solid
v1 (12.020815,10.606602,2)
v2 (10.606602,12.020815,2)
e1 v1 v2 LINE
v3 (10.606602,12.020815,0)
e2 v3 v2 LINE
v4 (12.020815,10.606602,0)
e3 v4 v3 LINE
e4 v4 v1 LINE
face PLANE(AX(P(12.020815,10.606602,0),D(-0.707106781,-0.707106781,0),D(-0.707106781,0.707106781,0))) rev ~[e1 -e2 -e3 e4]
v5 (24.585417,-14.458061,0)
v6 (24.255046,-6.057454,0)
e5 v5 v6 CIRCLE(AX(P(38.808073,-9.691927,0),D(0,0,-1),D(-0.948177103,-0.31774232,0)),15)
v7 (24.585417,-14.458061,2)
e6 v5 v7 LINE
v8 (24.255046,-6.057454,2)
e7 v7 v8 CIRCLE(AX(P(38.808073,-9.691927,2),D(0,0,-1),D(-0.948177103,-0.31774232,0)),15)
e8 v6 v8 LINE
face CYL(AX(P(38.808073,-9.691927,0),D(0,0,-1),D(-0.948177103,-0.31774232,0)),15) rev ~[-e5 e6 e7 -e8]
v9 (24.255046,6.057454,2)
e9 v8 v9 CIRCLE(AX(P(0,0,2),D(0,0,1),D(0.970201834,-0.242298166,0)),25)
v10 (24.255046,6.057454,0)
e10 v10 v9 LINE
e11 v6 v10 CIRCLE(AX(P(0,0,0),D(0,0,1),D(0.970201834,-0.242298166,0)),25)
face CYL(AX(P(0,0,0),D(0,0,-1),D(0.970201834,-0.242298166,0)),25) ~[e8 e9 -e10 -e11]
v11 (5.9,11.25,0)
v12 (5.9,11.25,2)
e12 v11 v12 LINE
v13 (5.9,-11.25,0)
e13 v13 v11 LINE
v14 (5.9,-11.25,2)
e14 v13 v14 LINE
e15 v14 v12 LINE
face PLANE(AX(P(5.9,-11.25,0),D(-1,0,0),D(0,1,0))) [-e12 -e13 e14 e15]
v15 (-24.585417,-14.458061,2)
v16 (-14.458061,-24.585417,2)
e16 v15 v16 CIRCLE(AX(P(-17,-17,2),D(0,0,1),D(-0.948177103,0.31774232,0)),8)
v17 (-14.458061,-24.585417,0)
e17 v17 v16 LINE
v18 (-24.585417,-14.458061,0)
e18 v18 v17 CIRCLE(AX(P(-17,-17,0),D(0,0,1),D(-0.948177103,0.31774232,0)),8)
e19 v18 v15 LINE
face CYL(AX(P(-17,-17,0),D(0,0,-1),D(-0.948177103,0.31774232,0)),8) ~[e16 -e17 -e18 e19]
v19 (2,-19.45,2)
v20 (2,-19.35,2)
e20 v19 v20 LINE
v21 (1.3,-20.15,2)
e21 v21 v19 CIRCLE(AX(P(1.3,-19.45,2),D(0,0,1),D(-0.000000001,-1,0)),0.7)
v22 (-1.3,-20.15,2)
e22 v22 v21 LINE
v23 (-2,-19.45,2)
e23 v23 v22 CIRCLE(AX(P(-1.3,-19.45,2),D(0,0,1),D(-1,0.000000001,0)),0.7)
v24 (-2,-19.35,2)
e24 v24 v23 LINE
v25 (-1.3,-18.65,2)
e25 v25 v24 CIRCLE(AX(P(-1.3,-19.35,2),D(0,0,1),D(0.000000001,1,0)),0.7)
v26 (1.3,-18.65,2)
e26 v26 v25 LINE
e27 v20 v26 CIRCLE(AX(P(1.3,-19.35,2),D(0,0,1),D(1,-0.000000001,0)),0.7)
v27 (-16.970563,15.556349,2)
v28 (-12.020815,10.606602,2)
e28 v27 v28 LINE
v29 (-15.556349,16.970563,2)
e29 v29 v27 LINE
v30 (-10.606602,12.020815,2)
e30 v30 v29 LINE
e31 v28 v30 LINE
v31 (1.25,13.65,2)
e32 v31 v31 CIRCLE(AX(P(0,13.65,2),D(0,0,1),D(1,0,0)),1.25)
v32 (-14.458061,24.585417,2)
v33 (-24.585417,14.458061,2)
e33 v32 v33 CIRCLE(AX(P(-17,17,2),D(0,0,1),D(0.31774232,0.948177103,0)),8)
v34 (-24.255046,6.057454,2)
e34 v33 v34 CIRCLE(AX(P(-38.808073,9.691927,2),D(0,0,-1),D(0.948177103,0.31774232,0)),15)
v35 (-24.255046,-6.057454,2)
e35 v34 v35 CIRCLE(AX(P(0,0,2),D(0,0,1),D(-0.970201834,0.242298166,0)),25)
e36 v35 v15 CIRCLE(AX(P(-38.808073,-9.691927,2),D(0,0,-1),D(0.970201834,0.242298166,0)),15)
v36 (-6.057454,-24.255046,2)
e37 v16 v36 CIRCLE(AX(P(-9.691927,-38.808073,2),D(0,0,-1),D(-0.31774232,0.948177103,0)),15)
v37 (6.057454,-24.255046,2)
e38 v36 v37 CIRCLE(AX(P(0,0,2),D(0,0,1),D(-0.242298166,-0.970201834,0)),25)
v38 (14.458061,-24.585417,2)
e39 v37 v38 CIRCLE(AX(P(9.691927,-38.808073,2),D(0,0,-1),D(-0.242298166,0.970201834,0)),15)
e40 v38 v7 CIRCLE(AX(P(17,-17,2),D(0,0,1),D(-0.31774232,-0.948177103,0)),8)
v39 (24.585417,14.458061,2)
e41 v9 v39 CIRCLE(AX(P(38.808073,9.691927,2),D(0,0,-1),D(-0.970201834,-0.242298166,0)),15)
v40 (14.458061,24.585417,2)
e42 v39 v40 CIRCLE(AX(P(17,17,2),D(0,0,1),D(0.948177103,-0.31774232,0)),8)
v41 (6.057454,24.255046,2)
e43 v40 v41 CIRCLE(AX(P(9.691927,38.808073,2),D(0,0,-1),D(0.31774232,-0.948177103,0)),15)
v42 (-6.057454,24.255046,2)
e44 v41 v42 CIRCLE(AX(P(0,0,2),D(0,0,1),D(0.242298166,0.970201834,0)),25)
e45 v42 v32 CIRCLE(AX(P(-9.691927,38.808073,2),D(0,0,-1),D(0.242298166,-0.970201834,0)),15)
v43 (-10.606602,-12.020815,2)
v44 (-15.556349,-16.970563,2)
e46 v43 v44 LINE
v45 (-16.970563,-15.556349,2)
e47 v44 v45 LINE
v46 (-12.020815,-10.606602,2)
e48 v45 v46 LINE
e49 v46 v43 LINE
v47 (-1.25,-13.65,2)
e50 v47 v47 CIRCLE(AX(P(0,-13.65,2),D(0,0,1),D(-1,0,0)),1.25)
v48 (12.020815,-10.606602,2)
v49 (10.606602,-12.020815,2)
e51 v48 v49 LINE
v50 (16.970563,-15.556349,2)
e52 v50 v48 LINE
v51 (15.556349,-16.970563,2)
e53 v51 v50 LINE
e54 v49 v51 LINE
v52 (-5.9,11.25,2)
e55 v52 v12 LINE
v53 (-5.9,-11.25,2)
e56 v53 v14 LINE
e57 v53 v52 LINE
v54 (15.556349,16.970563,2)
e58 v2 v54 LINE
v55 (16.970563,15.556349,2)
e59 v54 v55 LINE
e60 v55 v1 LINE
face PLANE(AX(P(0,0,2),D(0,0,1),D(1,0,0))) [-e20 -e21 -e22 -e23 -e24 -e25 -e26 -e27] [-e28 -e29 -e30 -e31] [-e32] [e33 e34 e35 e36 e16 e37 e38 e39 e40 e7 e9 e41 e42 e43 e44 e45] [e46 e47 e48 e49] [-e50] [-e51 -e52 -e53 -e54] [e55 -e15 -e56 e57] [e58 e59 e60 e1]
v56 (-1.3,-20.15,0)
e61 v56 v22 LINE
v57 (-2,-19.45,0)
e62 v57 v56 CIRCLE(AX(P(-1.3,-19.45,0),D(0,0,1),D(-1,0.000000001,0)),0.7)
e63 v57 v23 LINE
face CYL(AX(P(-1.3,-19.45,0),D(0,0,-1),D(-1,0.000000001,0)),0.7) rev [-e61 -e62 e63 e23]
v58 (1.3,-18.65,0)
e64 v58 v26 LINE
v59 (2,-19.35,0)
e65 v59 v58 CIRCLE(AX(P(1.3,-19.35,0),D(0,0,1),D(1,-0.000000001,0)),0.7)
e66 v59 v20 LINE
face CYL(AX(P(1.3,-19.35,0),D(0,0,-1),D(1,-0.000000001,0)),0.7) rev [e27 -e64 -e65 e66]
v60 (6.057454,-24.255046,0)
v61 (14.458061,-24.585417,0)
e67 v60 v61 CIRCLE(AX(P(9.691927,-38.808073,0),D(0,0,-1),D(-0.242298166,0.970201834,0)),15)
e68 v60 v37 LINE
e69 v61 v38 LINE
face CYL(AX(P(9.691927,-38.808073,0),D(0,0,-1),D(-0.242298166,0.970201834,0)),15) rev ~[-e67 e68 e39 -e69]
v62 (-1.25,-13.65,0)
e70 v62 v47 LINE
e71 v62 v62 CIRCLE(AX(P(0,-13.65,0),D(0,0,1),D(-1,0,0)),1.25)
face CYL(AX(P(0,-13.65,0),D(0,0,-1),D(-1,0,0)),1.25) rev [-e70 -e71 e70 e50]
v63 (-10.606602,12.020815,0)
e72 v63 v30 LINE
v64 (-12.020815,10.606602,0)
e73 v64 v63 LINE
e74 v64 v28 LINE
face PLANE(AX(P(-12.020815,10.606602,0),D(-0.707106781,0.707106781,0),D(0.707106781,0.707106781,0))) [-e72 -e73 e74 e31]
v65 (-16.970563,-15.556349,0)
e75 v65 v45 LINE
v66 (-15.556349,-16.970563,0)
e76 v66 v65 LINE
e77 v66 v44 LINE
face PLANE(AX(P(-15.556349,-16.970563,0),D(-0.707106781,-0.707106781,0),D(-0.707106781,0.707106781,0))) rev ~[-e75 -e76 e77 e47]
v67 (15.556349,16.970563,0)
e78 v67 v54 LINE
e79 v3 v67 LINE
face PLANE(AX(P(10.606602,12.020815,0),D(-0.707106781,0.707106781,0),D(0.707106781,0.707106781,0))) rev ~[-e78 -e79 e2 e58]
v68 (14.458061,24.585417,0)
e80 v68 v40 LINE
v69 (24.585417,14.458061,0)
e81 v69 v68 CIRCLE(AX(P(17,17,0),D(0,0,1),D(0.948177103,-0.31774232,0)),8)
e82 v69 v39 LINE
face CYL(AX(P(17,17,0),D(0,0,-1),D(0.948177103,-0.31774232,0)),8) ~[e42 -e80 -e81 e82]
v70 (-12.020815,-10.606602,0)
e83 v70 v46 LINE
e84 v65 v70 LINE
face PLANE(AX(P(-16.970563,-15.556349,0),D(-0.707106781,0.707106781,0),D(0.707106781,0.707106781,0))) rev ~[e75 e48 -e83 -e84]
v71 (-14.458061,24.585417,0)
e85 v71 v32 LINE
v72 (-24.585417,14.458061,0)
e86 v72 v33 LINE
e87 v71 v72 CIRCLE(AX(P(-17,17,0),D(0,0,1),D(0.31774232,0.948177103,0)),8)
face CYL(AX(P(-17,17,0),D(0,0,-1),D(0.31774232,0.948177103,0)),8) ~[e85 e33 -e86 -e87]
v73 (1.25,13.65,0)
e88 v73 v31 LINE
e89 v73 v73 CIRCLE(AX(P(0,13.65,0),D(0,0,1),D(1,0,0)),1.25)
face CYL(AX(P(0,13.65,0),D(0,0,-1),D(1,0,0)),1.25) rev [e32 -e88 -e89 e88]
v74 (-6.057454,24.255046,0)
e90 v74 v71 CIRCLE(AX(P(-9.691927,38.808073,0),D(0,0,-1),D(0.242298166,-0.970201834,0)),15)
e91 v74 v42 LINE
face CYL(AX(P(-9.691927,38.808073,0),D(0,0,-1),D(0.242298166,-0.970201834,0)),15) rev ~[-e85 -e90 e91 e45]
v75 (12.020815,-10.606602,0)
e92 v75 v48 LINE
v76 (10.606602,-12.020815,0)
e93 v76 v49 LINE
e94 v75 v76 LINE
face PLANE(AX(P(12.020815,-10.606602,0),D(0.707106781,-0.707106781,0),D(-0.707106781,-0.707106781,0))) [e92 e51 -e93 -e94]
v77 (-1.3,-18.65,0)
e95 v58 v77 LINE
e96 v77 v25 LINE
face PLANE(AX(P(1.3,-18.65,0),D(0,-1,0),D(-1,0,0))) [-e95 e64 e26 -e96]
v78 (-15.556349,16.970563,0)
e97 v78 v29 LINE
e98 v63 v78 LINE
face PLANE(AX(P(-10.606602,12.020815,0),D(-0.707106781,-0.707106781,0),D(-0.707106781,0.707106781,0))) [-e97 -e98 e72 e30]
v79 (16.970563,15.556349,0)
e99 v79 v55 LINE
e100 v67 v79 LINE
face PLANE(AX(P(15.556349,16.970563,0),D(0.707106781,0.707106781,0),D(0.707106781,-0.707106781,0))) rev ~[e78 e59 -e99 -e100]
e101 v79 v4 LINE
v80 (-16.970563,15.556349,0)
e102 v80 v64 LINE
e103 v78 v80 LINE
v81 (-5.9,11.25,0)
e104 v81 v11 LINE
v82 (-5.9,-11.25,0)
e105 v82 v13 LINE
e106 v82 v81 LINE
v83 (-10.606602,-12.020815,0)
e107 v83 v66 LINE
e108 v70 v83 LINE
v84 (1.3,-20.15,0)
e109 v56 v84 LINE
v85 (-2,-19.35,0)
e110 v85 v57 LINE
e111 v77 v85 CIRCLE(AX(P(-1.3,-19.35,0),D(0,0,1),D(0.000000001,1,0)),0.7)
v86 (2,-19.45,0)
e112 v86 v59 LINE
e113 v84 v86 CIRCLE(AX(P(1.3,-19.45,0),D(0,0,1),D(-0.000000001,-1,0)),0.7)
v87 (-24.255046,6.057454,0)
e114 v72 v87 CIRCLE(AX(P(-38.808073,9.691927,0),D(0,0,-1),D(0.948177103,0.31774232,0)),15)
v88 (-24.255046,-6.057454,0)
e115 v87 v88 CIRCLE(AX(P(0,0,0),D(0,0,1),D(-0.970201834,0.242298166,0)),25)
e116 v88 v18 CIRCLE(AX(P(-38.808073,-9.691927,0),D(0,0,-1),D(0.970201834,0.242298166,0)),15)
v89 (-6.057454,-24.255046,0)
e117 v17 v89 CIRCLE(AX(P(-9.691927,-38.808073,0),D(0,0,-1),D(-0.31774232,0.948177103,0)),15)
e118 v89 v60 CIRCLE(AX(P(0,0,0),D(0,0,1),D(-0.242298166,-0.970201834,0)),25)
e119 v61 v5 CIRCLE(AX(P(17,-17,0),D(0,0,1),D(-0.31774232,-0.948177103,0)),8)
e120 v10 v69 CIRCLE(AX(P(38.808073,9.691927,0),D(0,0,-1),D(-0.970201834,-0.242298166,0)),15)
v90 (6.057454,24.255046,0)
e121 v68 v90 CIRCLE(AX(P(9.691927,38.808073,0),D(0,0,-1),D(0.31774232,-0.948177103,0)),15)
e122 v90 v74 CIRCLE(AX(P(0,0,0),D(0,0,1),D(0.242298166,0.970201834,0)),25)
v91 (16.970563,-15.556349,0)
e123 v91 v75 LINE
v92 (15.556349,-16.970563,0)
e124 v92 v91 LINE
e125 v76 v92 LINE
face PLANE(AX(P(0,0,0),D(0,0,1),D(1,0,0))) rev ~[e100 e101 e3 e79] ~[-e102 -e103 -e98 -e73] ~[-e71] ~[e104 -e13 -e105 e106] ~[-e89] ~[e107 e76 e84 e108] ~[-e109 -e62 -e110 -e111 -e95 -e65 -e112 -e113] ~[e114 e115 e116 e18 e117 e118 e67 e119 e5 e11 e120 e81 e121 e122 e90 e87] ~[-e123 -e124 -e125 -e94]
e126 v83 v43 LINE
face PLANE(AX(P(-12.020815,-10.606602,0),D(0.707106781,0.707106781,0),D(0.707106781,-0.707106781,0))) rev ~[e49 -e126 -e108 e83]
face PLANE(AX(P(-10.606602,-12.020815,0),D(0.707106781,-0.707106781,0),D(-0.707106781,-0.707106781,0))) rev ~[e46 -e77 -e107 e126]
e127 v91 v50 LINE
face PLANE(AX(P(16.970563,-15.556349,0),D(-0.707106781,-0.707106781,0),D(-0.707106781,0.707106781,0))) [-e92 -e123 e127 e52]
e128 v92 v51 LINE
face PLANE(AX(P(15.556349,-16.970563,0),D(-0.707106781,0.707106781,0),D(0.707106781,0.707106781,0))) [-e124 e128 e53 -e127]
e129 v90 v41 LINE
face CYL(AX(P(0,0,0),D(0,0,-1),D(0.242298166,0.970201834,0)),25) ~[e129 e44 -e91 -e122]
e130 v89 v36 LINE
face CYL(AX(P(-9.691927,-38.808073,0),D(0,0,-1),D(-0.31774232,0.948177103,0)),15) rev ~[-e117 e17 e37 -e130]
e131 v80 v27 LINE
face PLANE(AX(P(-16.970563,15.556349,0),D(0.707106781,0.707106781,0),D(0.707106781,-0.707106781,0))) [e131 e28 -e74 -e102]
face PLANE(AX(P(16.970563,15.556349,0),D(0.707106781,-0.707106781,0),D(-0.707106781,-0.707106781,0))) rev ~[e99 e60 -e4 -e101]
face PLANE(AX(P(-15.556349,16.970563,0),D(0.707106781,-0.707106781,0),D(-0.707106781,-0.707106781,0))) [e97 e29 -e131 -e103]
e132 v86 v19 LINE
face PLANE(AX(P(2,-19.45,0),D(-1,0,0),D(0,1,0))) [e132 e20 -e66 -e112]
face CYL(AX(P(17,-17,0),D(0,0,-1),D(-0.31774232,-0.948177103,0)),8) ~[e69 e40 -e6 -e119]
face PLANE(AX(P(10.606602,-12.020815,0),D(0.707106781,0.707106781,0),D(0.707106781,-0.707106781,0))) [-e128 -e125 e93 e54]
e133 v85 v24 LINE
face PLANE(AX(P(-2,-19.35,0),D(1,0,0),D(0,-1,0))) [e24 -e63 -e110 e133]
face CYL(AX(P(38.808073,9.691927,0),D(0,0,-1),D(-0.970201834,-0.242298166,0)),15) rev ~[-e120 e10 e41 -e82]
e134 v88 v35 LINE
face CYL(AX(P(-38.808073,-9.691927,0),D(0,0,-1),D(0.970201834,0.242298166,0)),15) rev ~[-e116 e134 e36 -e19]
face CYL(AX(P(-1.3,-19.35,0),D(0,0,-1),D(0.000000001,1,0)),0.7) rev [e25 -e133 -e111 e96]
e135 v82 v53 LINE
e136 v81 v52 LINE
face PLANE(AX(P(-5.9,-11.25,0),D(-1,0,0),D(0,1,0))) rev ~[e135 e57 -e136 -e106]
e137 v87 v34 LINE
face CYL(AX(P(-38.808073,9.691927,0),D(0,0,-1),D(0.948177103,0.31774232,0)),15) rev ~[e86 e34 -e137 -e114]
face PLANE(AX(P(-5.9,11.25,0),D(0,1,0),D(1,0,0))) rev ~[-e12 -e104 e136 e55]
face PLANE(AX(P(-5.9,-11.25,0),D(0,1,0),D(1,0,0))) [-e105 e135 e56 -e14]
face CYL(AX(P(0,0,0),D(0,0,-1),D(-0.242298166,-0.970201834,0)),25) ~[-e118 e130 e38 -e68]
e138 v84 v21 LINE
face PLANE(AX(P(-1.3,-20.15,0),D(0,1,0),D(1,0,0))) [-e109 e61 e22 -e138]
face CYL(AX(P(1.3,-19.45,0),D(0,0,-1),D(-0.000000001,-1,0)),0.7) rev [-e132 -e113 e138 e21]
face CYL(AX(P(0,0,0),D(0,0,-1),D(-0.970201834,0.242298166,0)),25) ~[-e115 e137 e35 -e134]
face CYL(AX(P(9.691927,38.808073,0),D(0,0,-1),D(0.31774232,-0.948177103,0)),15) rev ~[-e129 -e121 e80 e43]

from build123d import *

# Parameters (mm, degrees)
SKETCH1_R           = 1.25
SKETCH1_W           = 11.8
SKETCH1_H           = 22.5
BOSS_EXTRUDE1_DEPTH = 2


with BuildPart() as part:
    # Sketch1 → Boss-Extrude1 (new body)
    with BuildSketch(Plane.XY):
        with BuildLine():
            ThreePointArc((6.057454149, 24.255045851), (0, 25), (-6.057454149, 24.255045851))
            ThreePointArc((-6.057454149, 24.255045851), (-10.281376502, 23.819659541), (-14.458061439, 24.585416821))
            ThreePointArc((-14.458061439, 24.585416821), (-22.656854249, 22.656854249), (-24.585416821, 14.458061439))
            ThreePointArc((-24.585416821, 14.458061439), (-23.819659541, 10.281376502), (-24.255045851, 6.057454149))
            ThreePointArc((-24.255045851, 6.057454149), (-25, 0), (-24.255045851, -6.057454149))
            ThreePointArc((-24.255045851, -6.057454149), (-23.819659541, -10.281376502), (-24.585416821, -14.458061439))
            ThreePointArc((-24.585416821, -14.458061439), (-22.656854249, -22.656854249), (-14.458061439, -24.585416821))
            ThreePointArc((-14.458061439, -24.585416821), (-10.281376502, -23.819659541), (-6.057454149, -24.255045851))
            ThreePointArc((-6.057454149, -24.255045851), (0, -25), (6.057454149, -24.255045851))
            ThreePointArc((6.057454149, -24.255045851), (10.281376502, -23.819659541), (14.458061439, -24.585416821))
            ThreePointArc((14.458061439, -24.585416821), (22.656854249, -22.656854249), (24.585416821, -14.458061439))
            ThreePointArc((24.585416821, -14.458061439), (23.819659541, -10.281376502), (24.255045851, -6.057454149))
            ThreePointArc((24.255045851, -6.057454149), (25, 0), (24.255045851, 6.057454149))
            ThreePointArc((24.255045851, 6.057454149), (23.819659541, 10.281376502), (24.585416821, 14.458061439))
            ThreePointArc((24.585416821, 14.458061439), (22.656854249, 22.656854249), (14.458061439, 24.585416821))
            ThreePointArc((14.458061439, 24.585416821), (10.281376502, 23.819659541), (6.057454149, 24.255045851))
        make_face()
        with Locations((0, 13.65)):
            Circle(SKETCH1_R, mode=Mode.SUBTRACT)
        with Locations(Location((0, -13.65, 0), (0, 0, 180))):
            Circle(SKETCH1_R, mode=Mode.SUBTRACT)
        with BuildLine():
            Line((1.3, -18.65), (-1.3, -18.65))
            ThreePointArc((-1.3, -18.65), (-1.794974747, -18.855025253), (-2, -19.35))
            Line((-2, -19.35), (-2, -19.45))
            ThreePointArc((-2, -19.45), (-1.794974747, -19.944974747), (-1.3, -20.15))
            Line((-1.3, -20.15), (1.3, -20.15))
            ThreePointArc((1.3, -20.15), (1.794974747, -19.944974747), (2, -19.45))
            Line((2, -19.45), (2, -19.35))
            ThreePointArc((2, -19.35), (1.794974747, -18.855025253), (1.3, -18.65))
        make_face(mode=Mode.SUBTRACT)
        Rectangle(SKETCH1_W, SKETCH1_H, mode=Mode.SUBTRACT)
        Polygon((-12.02081528, 10.606601718), (-10.606601718, 12.02081528), (-15.556349186, 16.970562748), (-16.970562748, 15.556349186), align=None, mode=Mode.SUBTRACT)
        Polygon((10.606601718, 12.02081528), (15.556349186, 16.970562748), (16.970562748, 15.556349186), (12.02081528, 10.606601718), align=None, mode=Mode.SUBTRACT)
        Polygon((12.02081528, -10.606601718), (10.606601718, -12.02081528), (15.556349186, -16.970562748), (16.970562748, -15.556349186), align=None, mode=Mode.SUBTRACT)
        Polygon((-16.970562748, -15.556349186), (-12.02081528, -10.606601718), (-10.606601718, -12.02081528), (-15.556349186, -16.970562748), align=None, mode=Mode.SUBTRACT)
    extrude(amount=BOSS_EXTRUDE1_DEPTH)


solid = part.part
